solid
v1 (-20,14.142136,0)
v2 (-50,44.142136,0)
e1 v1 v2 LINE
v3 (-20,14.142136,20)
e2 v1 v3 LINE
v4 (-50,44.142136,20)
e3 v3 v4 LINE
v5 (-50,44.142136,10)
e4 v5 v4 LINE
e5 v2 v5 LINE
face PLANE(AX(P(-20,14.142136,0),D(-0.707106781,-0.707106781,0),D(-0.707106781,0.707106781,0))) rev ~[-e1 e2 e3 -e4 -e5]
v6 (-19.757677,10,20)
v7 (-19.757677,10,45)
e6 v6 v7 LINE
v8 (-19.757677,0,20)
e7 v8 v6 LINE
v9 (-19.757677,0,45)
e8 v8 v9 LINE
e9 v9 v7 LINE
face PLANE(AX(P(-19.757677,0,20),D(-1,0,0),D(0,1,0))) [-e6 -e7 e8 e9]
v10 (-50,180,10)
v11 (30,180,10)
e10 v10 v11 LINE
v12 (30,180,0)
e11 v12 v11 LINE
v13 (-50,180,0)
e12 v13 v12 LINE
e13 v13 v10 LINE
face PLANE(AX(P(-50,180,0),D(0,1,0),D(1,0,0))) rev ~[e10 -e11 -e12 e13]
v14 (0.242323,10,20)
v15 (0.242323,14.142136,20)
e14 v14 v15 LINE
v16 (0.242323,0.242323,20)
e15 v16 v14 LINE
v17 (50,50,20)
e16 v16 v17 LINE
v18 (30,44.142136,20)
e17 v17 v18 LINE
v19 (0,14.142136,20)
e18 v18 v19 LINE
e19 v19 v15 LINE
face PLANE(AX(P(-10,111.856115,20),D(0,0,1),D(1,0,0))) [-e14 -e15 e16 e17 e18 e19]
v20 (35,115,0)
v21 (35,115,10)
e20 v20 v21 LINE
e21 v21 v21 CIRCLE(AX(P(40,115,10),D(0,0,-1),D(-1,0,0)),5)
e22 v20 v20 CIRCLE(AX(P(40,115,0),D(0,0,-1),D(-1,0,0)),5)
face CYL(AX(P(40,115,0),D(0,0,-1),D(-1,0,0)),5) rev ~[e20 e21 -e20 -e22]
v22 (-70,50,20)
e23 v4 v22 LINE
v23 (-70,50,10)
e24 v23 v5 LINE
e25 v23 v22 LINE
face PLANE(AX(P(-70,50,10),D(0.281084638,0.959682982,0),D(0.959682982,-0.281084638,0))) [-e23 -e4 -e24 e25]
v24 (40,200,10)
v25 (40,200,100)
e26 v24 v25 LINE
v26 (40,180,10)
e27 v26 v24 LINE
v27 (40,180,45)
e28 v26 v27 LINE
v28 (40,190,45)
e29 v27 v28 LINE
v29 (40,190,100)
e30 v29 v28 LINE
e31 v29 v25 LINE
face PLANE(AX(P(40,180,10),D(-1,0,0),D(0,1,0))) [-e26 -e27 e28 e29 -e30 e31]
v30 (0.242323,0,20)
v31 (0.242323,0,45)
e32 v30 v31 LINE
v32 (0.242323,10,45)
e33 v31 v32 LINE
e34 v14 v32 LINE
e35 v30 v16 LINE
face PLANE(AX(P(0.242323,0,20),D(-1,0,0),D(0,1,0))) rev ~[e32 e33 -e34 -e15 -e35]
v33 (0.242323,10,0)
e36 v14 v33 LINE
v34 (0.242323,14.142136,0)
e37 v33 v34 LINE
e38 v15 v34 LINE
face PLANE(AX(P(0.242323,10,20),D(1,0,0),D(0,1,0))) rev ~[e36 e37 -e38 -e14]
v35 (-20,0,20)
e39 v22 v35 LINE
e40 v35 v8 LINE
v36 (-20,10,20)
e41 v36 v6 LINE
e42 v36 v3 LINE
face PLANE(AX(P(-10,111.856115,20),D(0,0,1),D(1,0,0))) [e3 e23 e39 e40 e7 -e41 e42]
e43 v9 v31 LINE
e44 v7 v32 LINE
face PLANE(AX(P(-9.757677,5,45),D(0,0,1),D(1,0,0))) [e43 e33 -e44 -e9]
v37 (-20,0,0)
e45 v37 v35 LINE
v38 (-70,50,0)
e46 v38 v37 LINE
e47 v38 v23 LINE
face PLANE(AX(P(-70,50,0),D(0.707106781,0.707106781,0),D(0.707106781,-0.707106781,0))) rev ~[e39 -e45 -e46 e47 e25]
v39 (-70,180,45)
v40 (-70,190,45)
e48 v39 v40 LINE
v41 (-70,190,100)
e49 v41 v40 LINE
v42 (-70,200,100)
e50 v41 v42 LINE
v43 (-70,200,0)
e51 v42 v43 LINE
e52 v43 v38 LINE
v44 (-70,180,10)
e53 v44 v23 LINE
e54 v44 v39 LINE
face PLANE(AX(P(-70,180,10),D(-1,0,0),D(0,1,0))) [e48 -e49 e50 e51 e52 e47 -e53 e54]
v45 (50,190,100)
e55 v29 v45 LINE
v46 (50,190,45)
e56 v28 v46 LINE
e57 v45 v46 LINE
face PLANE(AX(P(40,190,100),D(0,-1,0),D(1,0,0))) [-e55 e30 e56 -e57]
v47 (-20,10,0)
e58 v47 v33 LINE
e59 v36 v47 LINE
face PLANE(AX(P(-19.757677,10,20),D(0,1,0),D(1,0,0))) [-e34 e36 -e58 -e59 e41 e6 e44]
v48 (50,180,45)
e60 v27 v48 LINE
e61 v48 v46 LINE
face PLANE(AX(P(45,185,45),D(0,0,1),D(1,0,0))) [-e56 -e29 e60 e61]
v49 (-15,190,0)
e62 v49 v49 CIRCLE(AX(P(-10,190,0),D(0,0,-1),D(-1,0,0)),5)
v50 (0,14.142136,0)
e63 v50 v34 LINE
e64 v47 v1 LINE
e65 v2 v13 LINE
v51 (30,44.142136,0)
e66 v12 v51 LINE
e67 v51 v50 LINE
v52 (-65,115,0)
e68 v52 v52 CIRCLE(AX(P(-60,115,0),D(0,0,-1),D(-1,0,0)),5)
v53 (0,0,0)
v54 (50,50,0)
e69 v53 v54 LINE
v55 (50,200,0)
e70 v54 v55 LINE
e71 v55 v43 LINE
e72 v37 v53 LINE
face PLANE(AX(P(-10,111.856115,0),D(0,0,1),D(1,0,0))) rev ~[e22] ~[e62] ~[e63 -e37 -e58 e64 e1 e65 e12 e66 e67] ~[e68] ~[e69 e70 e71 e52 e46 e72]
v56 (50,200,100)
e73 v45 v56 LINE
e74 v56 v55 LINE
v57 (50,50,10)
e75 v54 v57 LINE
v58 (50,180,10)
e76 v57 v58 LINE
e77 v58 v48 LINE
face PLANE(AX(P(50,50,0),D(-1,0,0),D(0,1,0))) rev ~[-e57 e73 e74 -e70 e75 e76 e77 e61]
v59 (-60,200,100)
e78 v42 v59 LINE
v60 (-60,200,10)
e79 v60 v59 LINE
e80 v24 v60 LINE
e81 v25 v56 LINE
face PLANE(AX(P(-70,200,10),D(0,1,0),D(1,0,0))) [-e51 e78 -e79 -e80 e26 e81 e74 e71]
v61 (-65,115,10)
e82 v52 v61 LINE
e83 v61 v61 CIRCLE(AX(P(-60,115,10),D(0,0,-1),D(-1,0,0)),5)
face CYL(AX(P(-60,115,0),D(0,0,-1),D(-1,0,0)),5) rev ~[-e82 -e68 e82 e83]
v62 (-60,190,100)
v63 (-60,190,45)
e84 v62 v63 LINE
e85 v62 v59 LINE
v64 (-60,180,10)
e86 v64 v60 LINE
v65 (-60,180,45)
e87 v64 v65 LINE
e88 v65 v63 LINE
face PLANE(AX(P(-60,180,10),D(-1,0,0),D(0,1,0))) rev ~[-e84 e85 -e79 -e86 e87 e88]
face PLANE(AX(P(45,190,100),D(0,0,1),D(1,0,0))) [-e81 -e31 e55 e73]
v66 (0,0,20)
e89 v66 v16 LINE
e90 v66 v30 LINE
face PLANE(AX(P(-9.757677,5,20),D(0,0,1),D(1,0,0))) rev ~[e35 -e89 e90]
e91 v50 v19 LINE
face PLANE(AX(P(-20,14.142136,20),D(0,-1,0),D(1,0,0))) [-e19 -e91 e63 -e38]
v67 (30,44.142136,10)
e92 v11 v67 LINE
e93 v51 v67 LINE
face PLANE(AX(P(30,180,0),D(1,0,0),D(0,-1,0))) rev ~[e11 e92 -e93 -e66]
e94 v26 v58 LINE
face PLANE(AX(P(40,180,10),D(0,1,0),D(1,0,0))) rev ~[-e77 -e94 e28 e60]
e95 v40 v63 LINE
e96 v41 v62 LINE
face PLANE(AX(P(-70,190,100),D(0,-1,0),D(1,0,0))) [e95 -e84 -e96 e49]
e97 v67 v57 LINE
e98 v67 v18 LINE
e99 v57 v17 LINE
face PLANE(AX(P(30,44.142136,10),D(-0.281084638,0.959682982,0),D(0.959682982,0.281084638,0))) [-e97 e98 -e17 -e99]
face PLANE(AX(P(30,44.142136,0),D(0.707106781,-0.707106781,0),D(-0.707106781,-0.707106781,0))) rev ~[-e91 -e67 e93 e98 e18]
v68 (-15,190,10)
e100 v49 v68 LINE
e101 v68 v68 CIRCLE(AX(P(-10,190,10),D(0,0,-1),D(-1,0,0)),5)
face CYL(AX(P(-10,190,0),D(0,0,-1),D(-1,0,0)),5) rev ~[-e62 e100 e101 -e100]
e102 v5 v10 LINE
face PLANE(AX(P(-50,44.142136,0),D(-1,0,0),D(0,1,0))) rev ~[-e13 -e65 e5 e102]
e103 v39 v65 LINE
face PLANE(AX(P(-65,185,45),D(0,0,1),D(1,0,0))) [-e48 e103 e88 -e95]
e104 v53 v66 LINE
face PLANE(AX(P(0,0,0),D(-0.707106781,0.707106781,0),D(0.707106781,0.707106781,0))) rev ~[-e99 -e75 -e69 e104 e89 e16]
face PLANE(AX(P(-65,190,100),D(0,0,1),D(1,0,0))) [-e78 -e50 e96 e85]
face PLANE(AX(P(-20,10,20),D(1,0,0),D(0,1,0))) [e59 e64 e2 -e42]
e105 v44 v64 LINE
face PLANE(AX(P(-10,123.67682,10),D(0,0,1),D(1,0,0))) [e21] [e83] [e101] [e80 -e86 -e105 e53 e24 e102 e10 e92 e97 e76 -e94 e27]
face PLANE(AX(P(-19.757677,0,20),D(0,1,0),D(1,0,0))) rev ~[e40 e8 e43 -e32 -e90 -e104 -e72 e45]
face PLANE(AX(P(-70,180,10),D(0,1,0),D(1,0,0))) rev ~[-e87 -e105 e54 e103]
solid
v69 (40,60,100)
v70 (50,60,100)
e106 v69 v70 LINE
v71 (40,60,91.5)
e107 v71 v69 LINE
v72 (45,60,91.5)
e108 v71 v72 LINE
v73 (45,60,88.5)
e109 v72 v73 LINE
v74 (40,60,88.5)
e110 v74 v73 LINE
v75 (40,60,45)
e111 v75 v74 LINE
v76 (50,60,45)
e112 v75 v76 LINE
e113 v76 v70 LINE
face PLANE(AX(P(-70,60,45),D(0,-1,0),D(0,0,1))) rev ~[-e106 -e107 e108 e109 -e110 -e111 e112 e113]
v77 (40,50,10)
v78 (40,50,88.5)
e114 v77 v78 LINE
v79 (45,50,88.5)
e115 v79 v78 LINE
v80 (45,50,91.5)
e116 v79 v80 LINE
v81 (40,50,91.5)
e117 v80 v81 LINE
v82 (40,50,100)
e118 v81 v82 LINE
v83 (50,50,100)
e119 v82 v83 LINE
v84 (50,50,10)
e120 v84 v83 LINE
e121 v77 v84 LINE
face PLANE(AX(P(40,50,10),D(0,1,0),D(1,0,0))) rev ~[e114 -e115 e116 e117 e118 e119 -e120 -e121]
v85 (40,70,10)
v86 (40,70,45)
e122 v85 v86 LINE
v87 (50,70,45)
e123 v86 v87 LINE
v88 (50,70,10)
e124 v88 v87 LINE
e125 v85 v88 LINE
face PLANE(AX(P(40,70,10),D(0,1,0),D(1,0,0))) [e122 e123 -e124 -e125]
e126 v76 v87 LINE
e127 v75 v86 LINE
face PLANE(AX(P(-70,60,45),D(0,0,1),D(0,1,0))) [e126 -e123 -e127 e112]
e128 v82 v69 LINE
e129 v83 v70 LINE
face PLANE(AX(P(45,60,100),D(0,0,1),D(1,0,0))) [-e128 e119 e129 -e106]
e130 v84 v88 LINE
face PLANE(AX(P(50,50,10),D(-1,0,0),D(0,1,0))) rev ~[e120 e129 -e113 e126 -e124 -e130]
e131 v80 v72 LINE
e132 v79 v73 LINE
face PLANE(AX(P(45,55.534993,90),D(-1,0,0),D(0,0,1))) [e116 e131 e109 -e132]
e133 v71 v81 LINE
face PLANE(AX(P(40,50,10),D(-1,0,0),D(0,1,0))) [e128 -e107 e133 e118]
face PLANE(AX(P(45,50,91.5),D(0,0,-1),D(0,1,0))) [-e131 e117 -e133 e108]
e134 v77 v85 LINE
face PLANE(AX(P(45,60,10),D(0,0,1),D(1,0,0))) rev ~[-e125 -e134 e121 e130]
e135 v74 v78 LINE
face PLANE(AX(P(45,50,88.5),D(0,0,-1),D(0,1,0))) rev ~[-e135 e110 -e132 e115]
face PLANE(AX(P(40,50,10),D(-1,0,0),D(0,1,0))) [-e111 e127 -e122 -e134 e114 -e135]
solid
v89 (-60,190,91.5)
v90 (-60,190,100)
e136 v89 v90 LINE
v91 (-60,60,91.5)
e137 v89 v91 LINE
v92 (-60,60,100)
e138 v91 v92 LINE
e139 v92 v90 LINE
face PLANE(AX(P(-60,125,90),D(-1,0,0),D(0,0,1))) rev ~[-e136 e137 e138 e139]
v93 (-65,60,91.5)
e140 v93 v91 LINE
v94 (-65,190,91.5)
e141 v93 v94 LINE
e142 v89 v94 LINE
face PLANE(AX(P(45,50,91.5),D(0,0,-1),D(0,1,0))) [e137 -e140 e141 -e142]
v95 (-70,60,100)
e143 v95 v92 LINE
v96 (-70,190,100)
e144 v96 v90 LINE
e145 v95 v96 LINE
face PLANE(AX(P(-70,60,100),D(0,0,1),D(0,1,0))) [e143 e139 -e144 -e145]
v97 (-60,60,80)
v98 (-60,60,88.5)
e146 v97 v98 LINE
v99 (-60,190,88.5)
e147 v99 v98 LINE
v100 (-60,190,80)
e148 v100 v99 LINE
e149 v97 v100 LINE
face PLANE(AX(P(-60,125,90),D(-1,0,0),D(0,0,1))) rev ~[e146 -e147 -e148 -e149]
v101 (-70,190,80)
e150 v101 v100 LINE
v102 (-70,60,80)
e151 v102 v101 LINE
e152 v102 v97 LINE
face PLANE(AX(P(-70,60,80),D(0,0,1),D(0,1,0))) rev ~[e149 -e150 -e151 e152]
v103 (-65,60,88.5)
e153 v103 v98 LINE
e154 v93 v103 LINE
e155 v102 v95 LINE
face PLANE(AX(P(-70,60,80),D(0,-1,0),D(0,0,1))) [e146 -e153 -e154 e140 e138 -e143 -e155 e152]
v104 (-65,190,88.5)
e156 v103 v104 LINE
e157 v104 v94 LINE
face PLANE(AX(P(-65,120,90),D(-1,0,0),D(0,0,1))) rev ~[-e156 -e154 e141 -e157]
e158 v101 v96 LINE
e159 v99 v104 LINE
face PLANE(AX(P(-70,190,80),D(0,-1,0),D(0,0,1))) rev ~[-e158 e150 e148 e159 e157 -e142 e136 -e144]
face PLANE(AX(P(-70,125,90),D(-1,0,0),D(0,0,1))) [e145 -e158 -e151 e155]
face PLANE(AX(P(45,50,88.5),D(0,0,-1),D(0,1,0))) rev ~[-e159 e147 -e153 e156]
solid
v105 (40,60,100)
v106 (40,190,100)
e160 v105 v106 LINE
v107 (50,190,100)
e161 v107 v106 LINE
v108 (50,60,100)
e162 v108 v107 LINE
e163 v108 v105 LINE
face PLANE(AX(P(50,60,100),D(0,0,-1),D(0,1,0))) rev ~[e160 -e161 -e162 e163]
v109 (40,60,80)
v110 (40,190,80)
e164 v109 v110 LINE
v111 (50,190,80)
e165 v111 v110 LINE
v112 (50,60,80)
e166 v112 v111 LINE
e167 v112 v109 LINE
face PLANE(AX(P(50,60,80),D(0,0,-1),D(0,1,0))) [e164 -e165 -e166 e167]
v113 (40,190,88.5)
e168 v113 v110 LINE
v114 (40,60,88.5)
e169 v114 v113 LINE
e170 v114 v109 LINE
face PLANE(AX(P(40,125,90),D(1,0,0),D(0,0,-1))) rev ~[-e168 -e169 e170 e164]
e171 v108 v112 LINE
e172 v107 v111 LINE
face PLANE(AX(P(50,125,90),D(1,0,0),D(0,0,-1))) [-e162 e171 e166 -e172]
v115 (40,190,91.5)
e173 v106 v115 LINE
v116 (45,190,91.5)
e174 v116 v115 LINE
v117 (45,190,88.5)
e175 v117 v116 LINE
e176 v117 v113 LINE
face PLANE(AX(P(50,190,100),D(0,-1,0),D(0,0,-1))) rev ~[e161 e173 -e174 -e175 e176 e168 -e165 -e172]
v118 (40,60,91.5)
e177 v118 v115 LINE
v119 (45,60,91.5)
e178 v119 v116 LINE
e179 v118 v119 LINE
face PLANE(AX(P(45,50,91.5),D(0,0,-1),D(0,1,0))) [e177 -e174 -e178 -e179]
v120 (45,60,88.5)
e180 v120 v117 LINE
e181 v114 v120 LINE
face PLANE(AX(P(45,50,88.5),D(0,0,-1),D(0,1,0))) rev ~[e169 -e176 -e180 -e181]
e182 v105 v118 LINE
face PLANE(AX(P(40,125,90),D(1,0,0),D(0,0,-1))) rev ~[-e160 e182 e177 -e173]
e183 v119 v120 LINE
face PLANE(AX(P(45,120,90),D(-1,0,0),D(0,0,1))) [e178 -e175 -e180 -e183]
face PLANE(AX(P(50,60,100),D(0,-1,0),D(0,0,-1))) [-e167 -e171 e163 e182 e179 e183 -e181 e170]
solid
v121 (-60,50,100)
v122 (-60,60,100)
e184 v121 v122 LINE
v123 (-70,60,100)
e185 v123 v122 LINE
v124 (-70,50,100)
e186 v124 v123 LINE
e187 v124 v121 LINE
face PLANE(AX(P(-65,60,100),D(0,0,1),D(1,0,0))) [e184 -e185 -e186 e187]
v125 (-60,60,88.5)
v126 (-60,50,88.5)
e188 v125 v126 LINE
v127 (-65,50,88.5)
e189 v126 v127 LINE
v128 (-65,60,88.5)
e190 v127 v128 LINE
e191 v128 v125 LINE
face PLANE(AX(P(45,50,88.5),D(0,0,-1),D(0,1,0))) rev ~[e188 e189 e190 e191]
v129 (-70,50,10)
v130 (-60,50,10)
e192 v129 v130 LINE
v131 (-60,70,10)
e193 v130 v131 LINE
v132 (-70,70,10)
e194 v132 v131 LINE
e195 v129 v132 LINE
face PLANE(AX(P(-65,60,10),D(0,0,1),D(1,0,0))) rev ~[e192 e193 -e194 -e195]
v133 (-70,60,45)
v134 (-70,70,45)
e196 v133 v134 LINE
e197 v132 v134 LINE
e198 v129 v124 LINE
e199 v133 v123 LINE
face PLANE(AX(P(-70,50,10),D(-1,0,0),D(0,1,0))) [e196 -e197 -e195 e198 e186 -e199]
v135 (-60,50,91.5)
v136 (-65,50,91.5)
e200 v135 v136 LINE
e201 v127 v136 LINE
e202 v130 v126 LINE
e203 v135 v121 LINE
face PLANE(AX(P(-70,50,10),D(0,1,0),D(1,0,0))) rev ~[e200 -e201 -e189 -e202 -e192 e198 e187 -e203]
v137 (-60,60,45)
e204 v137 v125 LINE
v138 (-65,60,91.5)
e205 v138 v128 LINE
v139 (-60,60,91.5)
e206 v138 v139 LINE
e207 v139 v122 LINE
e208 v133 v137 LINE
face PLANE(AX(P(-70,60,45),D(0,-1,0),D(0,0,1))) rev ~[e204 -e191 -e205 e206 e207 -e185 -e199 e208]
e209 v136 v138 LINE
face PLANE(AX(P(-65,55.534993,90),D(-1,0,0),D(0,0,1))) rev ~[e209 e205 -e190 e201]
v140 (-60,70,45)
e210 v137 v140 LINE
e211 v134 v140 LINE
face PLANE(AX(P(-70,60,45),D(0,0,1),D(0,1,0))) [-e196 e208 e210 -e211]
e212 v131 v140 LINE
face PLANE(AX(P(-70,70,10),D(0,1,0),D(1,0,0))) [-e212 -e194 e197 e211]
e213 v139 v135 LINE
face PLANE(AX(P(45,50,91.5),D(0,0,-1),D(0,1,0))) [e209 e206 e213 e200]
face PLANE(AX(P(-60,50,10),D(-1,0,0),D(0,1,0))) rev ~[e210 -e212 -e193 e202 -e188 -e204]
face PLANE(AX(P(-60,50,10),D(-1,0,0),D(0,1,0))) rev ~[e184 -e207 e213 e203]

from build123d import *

# Parameters (mm, degrees)
EXTRUSION2_DEPTH             = 20
ESQUISSE3_W                  = 89.728049728
ESQUISSE3_H                  = 20
ENL_V_MAT_EXTRU_1_DEPTH      = 10
ENL_V_MAT_EXTRU_3_DEPTH      = 50.727536527
ESQUISSE6_W                  = 10
ESQUISSE6_H                  = 20
EXTRUSION3_DEPTH             = 90
ESQUISSE7_W                  = 10
ESQUISSE7_H                  = 10
ENL_V_MAT_EXTRU_4_DEPTH      = 55
ESQUISSE8_W                  = 10
ESQUISSE8_H                  = 20
EXTRUSION7_DEPTH             = 90
EXTRUSION7_2_DEPTH           = 90
ESQUISSE9_W                  = 55
ESQUISSE9_H                  = 10
ENL_V_MAT_EXTRU_5_DEPTH      = 142.141603978
ESQUISSE10_W                 = 20
ESQUISSE10_H                 = 10
EXTRUSION8_DEPTH             = 25
ESQUISSE11_W                 = 20
ESQUISSE11_H                 = 130
EXTRUSION10_DEPTH            = 10
ESQUISSE12_W                 = 20
ESQUISSE12_H                 = 130
EXTRUSION12_DEPTH            = 10
ENL_V_MAT_EXTRU_6_DEPTH      = 105
ENL_V_MAT_EXTRU_6_DEPTH_BACK = 5
ESQUISSE13_W                 = 3
ESQUISSE13_H                 = 140
ENL_V_MAT_EXTRU_7_DEPTH      = 105
ENL_V_MAT_EXTRU_7_DEPTH_BACK = 5
ESQUISSE14_W                 = 3
ESQUISSE14_H                 = 11.069986055
ESQUISSE15_R                 = 5
ENL_V_MAT_EXTRU_8_DEPTH      = 28.101955853
ESQUISSE16_W                 = 20.242323371
ESQUISSE16_H                 = 4.142135624
ENL_V_MAT_EXTRU_9_DEPTH      = 28.101955853


with BuildPart() as part:
    # Esquisse2 → Extrusion2 (new body)
    with BuildSketch(Plane.XY):
        Polygon((-70, 50), (-20, 0), (0, 0), (50, 50), (50, 200), (-70, 200), align=None)
        Polygon((-50, 180), (30, 180), (30, 44.142135624), (0, 14.142135624), (-20, 14.142135624), (-50, 44.142135624), align=None, mode=Mode.SUBTRACT)
    extrude(amount=EXTRUSION2_DEPTH)

    # Esquisse3 → Enlèv. mat.-Extru.1 (cut)
    with BuildSketch(Plane.XY.offset(20)):
        with Locations((-5.135975136, 190)):
            Rectangle(ESQUISSE3_W, ESQUISSE3_H)
    extrude(amount=-ENL_V_MAT_EXTRU_1_DEPTH, mode=Mode.SUBTRACT)

    # Esquisse5 → Enlèv. mat.-Extru.3 (cut)
    with BuildSketch(Plane.XY.offset(10)):
        Polygon((-70, 50), (-50, 44.142135624), (30, 44.142135624), (50, 50), (50, 200), (-70, 200), align=None)
    extrude(amount=ENL_V_MAT_EXTRU_3_DEPTH, mode=Mode.SUBTRACT)

    # Esquisse6 → Extrusion3 (add)
    with BuildSketch(Plane.XY.offset(10)):
        with Locations((-65, 190)):
            Rectangle(ESQUISSE6_W, ESQUISSE6_H)
        with Locations((45, 190)):
            Rectangle(ESQUISSE6_W, ESQUISSE6_H)
    extrude(amount=EXTRUSION3_DEPTH)

    # Esquisse7 → Enlèv. mat.-Extru.4 (cut)
    with BuildSketch(Plane.XY.offset(100)):
        with Locations((-65, 185)):
            Rectangle(ESQUISSE7_W, ESQUISSE7_H)
        with Locations((45, 185)):
            Rectangle(ESQUISSE7_W, ESQUISSE7_H)
    extrude(amount=-ENL_V_MAT_EXTRU_4_DEPTH, mode=Mode.SUBTRACT)

    # Esquisse10 → Extrusion8 (add)
    with BuildSketch(Plane.XY.offset(20)):
        with Locations((-9.757676629, 5)):
            Rectangle(ESQUISSE10_W, ESQUISSE10_H)
    extrude(amount=EXTRUSION8_DEPTH)

    # Esquisse15 → Enlèv. mat.-Extru.8 (cut)
    with BuildSketch(Plane(origin=(0, 0, 0), x_dir=(-1, 0, 0), z_dir=(0, 0, -1))):
        with Locations((10, 190)):
            Circle(ESQUISSE15_R)
        with Locations((-40, 115)):
            Circle(ESQUISSE15_R)
        with Locations((60, 115)):
            Circle(ESQUISSE15_R)
    extrude(amount=-ENL_V_MAT_EXTRU_8_DEPTH, mode=Mode.SUBTRACT)

    # Esquisse16 → Enlèv. mat.-Extru.9 (cut)
    with BuildSketch(Plane.XY.offset(20)):
        with Locations((-9.878838314, 12.071067812)):
            Rectangle(ESQUISSE16_W, ESQUISSE16_H)
    extrude(amount=-ENL_V_MAT_EXTRU_9_DEPTH, mode=Mode.SUBTRACT)


with BuildPart() as body_2:
    # Esquisse8 → Extrusion7 (new body)
    with BuildSketch(Plane.XY.offset(10)):
        with Locations((-65, 60)):
            Rectangle(ESQUISSE8_W, ESQUISSE8_H)
    extrude(amount=EXTRUSION7_DEPTH)


with BuildPart() as body_3:
    # Esquisse8 → Extrusion7 2 (new body)
    with BuildSketch(Plane.XY.offset(10)):
        with Locations((45, 60)):
            Rectangle(ESQUISSE8_W, ESQUISSE8_H)
    extrude(amount=EXTRUSION7_2_DEPTH)


with BuildPart() as enl_v_mat_extru_5_tool:
    # Esquisse9 → Enlèv. mat.-Extru.5 (new body)
    with BuildSketch(Plane.ZY.offset(70)):
        with Locations((72.5, 65)):
            Rectangle(ESQUISSE9_W, ESQUISSE9_H)
    extrude(amount=-ENL_V_MAT_EXTRU_5_DEPTH)


with BuildPart() as body_2_1:
    add(body_2.part)

    # Enlèv. mat.-Extru.5: cut by enl_v_mat_extru_5_tool
    add(enl_v_mat_extru_5_tool.part, mode=Mode.SUBTRACT)


with BuildPart() as body_3_1:
    add(body_3.part)

    # Enlèv. mat.-Extru.5: cut by enl_v_mat_extru_5_tool
    add(enl_v_mat_extru_5_tool.part, mode=Mode.SUBTRACT)


with BuildPart() as body_4:
    # Esquisse11 → Extrusion10 (new body)
    with BuildSketch(Plane(origin=(50, 0, 0), x_dir=(0, 0, -1), z_dir=(1, 0, 0))):
        with Locations((-90, 125)):
            Rectangle(ESQUISSE11_W, ESQUISSE11_H)
    extrude(amount=-EXTRUSION10_DEPTH)


with BuildPart() as body_5:
    # Esquisse12 → Extrusion12 (new body)
    with BuildSketch(Plane.ZY.offset(70)):
        with Locations((90, 125)):
            Rectangle(ESQUISSE12_W, ESQUISSE12_H)
    extrude(amount=-EXTRUSION12_DEPTH)


with BuildPart() as enl_v_mat_extru_6_tool:
    # Esquisse13 → Enlèv. mat.-Extru.6 (new, two sides: drawn at the far end of the back side and taken through both)
    with BuildSketch(Plane.ZY.offset(-40).offset(-ENL_V_MAT_EXTRU_6_DEPTH_BACK)):
        with Locations((90, 120)):
            Rectangle(ESQUISSE13_W, ESQUISSE13_H)
    extrude(amount=ENL_V_MAT_EXTRU_6_DEPTH + ENL_V_MAT_EXTRU_6_DEPTH_BACK)


with BuildPart() as body_4_1:
    add(body_4.part)

    # Enlèv. mat.-Extru.6: cut by enl_v_mat_extru_6_tool
    add(enl_v_mat_extru_6_tool.part, mode=Mode.SUBTRACT)


with BuildPart() as body_5_1:
    add(body_5.part)

    # Enlèv. mat.-Extru.6: cut by enl_v_mat_extru_6_tool
    add(enl_v_mat_extru_6_tool.part, mode=Mode.SUBTRACT)


with BuildPart() as enl_v_mat_extru_7_tool:
    # Esquisse14 → Enlèv. mat.-Extru.7 (new, two sides: drawn at the far end of the back side and taken through both)
    with BuildSketch(Plane.ZY.offset(-40).offset(-ENL_V_MAT_EXTRU_7_DEPTH_BACK)):
        with Locations((90, 55.534993028)):
            Rectangle(ESQUISSE14_W, ESQUISSE14_H)
    extrude(amount=ENL_V_MAT_EXTRU_7_DEPTH + ENL_V_MAT_EXTRU_7_DEPTH_BACK)


with BuildPart() as body_2_2:
    add(body_2_1.part)

    # Enlèv. mat.-Extru.7: cut by enl_v_mat_extru_7_tool
    add(enl_v_mat_extru_7_tool.part, mode=Mode.SUBTRACT)


with BuildPart() as body_3_2:
    add(body_3_1.part)

    # Enlèv. mat.-Extru.7: cut by enl_v_mat_extru_7_tool
    add(enl_v_mat_extru_7_tool.part, mode=Mode.SUBTRACT)


solid = Compound([part.part, body_4_1.part, body_5_1.part, body_2_2.part, body_3_2.part])
